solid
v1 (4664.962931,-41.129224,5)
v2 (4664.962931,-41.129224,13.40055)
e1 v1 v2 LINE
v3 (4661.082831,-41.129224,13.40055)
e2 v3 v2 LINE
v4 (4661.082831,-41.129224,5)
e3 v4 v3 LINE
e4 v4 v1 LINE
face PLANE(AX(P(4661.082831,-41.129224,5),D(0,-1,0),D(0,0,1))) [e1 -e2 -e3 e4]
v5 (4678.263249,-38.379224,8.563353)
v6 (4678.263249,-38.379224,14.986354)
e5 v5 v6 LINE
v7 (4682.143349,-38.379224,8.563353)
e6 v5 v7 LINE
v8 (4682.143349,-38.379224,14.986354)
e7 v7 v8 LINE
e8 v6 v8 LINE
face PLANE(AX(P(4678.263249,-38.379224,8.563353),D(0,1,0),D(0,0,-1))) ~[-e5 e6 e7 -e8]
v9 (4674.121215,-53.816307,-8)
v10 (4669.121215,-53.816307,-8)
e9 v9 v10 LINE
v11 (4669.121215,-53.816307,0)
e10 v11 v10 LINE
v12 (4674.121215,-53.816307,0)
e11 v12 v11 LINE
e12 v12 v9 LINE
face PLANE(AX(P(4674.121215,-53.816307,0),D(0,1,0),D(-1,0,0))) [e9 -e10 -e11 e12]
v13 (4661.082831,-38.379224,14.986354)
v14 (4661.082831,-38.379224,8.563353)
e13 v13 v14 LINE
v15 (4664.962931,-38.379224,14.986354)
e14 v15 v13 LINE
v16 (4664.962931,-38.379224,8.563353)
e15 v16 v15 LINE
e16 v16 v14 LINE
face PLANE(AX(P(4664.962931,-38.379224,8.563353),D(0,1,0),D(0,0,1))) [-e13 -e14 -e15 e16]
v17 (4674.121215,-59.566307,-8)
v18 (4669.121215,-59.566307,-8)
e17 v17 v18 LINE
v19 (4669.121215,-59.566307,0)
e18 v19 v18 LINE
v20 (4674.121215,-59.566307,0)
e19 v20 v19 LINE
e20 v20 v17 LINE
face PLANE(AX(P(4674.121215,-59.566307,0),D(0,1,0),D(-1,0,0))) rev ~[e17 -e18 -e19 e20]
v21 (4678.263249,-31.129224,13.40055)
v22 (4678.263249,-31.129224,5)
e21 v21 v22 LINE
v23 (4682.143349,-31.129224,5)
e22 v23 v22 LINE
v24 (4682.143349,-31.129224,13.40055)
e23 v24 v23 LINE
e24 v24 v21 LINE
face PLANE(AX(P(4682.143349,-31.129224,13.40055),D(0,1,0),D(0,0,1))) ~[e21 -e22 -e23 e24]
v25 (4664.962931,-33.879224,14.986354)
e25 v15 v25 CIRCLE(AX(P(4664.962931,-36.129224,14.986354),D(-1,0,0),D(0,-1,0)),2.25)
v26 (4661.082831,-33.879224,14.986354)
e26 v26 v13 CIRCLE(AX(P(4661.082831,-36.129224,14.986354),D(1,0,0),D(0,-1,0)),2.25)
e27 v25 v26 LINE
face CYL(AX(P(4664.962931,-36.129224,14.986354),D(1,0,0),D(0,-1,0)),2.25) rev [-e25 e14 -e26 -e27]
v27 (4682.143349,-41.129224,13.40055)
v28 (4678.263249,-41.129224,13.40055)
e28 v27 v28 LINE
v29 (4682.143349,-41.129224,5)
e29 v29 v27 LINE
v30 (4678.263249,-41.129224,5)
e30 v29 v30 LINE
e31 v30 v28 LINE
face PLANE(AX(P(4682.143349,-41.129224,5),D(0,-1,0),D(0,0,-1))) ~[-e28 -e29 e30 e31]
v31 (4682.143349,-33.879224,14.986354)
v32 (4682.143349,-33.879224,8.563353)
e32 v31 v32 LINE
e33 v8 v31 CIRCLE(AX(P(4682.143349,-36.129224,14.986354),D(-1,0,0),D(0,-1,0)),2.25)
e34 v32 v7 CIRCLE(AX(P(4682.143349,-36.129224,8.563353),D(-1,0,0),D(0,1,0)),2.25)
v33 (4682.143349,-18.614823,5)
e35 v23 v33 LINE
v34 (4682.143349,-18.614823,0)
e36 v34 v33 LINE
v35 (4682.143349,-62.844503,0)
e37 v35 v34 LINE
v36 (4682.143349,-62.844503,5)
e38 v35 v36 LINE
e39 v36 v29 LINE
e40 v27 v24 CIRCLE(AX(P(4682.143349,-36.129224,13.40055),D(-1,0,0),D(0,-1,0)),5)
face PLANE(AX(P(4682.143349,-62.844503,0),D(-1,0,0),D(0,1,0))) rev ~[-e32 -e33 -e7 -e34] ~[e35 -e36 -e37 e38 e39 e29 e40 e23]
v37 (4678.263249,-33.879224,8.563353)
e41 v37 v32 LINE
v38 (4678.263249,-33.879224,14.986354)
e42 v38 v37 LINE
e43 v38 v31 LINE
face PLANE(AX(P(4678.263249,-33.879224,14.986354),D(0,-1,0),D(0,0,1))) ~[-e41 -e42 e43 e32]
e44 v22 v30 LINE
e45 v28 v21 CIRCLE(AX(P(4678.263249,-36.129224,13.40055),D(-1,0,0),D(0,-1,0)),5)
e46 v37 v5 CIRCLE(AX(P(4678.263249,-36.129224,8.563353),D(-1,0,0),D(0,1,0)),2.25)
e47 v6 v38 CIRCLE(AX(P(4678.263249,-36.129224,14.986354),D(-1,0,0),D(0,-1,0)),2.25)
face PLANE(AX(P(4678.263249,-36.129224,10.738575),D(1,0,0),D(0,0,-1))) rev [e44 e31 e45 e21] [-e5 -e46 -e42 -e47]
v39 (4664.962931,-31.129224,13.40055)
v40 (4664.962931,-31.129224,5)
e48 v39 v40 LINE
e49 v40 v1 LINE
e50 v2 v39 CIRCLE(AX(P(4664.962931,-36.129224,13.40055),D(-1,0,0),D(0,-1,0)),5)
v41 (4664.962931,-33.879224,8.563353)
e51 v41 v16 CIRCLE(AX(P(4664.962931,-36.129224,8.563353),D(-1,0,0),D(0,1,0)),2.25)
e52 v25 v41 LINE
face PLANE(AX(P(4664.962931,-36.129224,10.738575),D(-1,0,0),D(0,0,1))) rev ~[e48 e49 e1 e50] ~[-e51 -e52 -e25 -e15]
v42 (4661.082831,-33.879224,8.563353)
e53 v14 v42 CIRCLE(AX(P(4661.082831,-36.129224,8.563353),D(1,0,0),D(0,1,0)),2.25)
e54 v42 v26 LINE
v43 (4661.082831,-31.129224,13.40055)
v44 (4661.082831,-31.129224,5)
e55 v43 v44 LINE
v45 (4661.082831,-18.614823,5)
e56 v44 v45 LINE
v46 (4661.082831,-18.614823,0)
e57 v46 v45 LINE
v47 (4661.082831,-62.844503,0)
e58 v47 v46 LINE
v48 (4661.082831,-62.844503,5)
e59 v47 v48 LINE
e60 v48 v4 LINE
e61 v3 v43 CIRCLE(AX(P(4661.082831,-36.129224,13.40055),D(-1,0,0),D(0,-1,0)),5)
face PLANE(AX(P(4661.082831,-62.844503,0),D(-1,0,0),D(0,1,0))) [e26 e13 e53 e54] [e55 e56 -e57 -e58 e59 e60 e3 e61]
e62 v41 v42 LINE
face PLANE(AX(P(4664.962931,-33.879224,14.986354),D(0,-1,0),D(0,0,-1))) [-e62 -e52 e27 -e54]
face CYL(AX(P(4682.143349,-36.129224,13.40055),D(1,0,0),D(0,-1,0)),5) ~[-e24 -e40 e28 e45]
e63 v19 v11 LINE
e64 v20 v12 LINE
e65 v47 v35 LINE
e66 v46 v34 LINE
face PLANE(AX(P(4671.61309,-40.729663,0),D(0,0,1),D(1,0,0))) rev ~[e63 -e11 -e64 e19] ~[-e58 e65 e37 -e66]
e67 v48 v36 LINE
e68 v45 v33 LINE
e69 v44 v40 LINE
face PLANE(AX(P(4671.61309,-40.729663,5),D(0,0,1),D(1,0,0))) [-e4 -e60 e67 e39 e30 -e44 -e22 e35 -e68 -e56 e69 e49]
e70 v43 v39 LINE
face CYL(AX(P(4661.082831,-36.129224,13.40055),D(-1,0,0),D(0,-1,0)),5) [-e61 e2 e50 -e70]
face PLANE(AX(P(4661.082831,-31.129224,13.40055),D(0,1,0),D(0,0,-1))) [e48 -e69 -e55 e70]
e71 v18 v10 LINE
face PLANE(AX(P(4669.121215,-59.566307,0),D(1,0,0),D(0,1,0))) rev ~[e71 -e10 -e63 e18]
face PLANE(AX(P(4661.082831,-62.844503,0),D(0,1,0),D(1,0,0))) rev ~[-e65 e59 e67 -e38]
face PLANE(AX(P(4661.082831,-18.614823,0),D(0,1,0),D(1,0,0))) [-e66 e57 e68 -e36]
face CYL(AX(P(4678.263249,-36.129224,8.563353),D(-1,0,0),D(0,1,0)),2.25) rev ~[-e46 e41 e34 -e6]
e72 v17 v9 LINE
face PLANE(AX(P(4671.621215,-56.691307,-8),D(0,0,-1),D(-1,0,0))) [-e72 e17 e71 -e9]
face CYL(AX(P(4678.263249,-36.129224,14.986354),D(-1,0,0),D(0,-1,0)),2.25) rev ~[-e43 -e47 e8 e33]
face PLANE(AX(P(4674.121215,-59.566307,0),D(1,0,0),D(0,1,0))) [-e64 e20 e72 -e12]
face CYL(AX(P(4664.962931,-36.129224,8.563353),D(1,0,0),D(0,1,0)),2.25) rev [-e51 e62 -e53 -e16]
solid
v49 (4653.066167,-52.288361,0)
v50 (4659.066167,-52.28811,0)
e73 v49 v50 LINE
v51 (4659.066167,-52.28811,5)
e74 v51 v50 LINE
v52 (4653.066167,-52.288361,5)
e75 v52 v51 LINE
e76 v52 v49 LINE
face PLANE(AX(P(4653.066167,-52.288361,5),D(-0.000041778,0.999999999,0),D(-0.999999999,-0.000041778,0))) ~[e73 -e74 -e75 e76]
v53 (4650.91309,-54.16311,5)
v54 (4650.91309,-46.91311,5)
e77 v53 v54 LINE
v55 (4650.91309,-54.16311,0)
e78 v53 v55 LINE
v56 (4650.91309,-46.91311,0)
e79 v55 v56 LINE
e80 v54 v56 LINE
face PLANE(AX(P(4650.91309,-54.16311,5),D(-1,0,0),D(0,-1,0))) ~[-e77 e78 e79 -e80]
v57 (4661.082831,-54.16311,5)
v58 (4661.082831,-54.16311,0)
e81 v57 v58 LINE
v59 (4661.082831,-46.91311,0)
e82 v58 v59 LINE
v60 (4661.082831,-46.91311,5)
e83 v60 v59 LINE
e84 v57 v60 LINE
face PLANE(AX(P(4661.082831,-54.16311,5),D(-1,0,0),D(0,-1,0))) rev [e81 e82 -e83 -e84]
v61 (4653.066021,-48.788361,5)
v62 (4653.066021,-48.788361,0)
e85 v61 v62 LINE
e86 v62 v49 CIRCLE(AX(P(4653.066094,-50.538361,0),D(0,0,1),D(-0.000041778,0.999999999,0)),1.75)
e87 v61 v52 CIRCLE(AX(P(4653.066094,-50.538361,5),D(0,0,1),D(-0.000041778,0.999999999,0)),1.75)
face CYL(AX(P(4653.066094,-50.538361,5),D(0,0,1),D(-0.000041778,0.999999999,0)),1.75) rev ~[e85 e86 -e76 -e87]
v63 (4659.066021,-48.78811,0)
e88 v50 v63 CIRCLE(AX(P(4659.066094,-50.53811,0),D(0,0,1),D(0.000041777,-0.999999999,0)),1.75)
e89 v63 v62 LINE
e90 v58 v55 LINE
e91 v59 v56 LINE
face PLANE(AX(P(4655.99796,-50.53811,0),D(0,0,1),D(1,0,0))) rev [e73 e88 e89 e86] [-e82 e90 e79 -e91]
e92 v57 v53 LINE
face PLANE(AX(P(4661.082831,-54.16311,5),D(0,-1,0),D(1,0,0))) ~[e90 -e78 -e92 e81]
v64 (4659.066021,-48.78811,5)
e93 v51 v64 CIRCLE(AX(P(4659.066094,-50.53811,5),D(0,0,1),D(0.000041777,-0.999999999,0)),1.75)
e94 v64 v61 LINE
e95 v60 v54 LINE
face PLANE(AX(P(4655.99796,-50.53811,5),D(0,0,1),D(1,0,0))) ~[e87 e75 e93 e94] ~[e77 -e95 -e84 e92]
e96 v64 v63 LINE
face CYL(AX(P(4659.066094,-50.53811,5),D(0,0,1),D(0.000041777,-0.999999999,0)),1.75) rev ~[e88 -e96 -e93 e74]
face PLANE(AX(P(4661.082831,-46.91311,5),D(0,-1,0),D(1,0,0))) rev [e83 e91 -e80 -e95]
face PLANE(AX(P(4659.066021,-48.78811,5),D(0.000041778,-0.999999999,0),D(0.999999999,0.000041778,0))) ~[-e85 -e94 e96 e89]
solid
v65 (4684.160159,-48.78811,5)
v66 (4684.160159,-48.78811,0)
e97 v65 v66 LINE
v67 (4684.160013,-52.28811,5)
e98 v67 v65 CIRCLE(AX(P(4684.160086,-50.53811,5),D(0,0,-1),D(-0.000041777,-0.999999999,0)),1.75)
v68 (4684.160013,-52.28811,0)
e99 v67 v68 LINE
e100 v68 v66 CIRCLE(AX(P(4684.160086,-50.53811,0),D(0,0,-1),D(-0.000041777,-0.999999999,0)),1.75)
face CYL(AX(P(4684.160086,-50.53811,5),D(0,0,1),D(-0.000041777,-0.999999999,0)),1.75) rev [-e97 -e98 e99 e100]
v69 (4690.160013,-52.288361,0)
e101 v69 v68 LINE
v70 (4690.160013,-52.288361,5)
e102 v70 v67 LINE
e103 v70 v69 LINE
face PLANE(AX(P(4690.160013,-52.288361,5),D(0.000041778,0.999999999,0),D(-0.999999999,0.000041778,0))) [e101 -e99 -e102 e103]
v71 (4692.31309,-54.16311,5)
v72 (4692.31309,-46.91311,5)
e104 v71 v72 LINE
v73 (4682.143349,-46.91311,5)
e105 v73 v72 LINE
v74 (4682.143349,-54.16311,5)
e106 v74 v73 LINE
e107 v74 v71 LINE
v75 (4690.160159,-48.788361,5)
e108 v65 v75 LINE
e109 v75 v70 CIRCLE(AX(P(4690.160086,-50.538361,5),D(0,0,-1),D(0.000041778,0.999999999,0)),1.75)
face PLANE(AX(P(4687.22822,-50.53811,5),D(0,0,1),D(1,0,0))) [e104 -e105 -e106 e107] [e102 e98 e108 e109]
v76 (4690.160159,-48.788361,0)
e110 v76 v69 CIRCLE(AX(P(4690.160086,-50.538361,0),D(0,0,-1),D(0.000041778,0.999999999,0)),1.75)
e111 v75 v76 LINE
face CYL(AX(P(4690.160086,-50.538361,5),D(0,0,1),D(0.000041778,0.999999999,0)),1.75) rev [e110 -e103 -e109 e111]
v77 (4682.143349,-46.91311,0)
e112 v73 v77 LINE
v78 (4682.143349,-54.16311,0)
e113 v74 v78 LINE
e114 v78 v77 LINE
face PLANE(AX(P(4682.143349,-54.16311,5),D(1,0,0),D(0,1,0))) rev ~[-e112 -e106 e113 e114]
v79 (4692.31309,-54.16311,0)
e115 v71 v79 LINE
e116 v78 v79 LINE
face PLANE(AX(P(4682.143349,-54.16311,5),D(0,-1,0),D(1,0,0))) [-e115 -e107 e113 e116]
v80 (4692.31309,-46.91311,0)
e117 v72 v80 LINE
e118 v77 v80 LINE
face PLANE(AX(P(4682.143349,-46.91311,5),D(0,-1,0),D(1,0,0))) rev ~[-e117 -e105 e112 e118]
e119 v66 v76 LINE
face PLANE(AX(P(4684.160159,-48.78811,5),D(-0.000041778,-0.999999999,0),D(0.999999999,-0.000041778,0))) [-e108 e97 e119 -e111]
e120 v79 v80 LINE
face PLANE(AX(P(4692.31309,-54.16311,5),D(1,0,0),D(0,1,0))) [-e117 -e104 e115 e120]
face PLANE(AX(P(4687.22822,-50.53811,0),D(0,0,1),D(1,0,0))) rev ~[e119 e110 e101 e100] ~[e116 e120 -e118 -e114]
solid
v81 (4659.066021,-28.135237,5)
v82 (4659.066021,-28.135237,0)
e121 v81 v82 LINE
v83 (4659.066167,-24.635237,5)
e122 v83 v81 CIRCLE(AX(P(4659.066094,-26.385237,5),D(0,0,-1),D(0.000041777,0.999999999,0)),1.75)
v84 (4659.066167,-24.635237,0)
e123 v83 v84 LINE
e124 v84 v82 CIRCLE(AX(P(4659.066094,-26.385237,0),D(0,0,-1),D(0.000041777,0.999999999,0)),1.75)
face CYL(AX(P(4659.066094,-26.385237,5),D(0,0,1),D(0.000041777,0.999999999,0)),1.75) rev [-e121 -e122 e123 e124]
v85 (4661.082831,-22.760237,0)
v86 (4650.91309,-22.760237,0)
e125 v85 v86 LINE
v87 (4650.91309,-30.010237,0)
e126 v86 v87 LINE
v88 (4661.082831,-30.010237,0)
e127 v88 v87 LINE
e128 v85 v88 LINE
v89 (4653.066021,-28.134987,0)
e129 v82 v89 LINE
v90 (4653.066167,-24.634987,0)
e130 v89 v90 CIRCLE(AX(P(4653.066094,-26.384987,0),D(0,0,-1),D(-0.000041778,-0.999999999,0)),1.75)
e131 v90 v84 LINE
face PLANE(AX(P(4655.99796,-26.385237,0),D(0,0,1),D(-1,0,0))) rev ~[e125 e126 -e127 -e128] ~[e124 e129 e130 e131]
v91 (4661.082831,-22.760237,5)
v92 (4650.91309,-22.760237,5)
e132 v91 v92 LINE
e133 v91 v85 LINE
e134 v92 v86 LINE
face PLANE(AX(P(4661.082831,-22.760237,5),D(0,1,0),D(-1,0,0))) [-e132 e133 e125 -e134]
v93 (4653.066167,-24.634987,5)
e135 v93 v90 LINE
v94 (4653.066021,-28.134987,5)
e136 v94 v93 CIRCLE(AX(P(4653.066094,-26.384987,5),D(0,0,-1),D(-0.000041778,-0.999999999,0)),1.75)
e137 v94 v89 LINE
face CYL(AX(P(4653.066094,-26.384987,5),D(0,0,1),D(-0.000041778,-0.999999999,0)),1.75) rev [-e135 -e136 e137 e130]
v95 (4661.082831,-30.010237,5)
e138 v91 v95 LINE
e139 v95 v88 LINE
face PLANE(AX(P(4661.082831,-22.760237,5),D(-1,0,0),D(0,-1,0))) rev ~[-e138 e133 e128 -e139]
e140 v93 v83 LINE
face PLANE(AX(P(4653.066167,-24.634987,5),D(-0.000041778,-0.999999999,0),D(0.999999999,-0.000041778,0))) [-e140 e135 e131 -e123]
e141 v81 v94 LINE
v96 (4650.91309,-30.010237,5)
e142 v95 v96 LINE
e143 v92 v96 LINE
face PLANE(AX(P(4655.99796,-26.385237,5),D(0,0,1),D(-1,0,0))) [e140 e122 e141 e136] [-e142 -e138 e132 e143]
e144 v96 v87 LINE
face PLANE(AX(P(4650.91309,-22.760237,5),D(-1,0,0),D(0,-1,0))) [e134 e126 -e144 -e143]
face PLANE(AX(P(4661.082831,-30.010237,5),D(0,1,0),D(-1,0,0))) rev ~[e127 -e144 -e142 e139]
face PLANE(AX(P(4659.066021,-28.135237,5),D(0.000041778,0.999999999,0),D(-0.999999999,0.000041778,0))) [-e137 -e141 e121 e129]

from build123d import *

# Parameters (mm, degrees)
SKETCH1_W           = 21.060518524
SKETCH1_H           = 44.229680595
BOSS_EXTRUDE1_DEPTH = 5
SKETCH2_W           = 5
SKETCH2_H           = 5.75
BOSS_EXTRUDE2_DEPTH = 8
BOSS_EXTRUDE3_DEPTH = 3.8801
CUT_EXTRUDE1_DEPTH  = 8
SKETCH6_W           = 10.169740738
SKETCH6_H           = 7.25
BOSS_EXTRUDE4_DEPTH = 5
SKETCH11_W          = 10.169740738
SKETCH11_H          = 7.25
CUT_EXTRUDE2_DEPTH  = 5


with BuildPart() as part:
    # Sketch1 → Boss-Extrude1 (new body)
    with BuildSketch(Plane.XY):
        with Locations((4671.613089989, -40.729662913)):
            Rectangle(SKETCH1_W, SKETCH1_H)
    extrude(amount=BOSS_EXTRUDE1_DEPTH)

    # Sketch2 → Boss-Extrude2 (add)
    with BuildSketch(Plane(origin=(0, 0, 0), x_dir=(-1, 0, 0), z_dir=(0, 0, -1))):
        with Locations((-4671.621214697, -56.691306655)):
            Rectangle(SKETCH2_W, SKETCH2_H)
    extrude(amount=BOSS_EXTRUDE2_DEPTH)

    # Sketch4 → Boss-Extrude3 (add)
    with BuildSketch(Plane.ZY.offset(-4661.082830727)):
        with BuildLine():
            Line((13.400549781, -31.129223835), (5, -31.129223835))
            Line((5, -31.129223835), (5, -41.129223835))
            Line((5, -41.129223835), (13.400549781, -41.129223835))
            ThreePointArc((13.400549781, -41.129223835), (18.400549781, -36.129223835), (13.400549781, -31.129223835))
        make_face()
    boss_extrude3 = extrude(amount=-BOSS_EXTRUDE3_DEPTH)

    # Sketch5 → Cut-Extrude1 (cut)
    with BuildSketch(Plane(origin=(4664.962930727, 0, 0), x_dir=(0, 0, -1), z_dir=(1, 0, 0))):
        with BuildLine():
            Line((-14.986353963, -33.879223835), (-8.563353453, -33.879223835))
            ThreePointArc((-8.563353453, -33.879223835), (-6.313353453, -36.129223835), (-8.563353453, -38.379223835))
            Line((-8.563353453, -38.379223835), (-14.986353963, -38.379223835))
            ThreePointArc((-14.986353963, -38.379223835), (-17.236353963, -36.129223835), (-14.986353963, -33.879223835))
        make_face()
    cut_extrude1 = extrude(amount=-CUT_EXTRUDE1_DEPTH, mode=Mode.SUBTRACT)

    # Mirror2: Boss-Extrude3, Cut-Extrude1 across plane
    add(boss_extrude3.mirror(Plane.ZY.offset(-4671.613089989)))
    add(cut_extrude1.mirror(Plane.ZY.offset(-4671.613089989)), mode=Mode.SUBTRACT)


with BuildPart() as body_2:
    # Sketch6 → Boss-Extrude4 (new body)
    with BuildSketch(Plane.XY.offset(5)):
        with Locations((4687.22821962, -50.538110101)):
            Rectangle(SKETCH6_W, SKETCH6_H)
        with BuildLine():
            Line((4690.160013161, -52.288360766), (4684.160013167, -52.288110099))
            ThreePointArc((4684.160013167, -52.288110099), (4682.410086279, -50.53803699), (4684.160159389, -48.788110102))
            Line((4684.160159389, -48.788110102), (4690.160159384, -48.788360769))
            ThreePointArc((4690.160159384, -48.788360769), (4691.910086271, -50.538433879), (4690.160013161, -52.288360766))
        make_face(mode=Mode.SUBTRACT)
    extrude(amount=-BOSS_EXTRUDE4_DEPTH)


with BuildPart() as body_3:
    # Mirror3: mirrored copy
    add(body_2.part.mirror(Plane.ZY.offset(-4671.613089989)))


with BuildPart() as body_4:
    # Mirror4: mirrored copy
    add(body_3.part.mirror(Plane(origin=(0, -38.461673776, 0), x_dir=(0, 0, 1), z_dir=(0, -1, 0))))


with BuildPart() as body_5:
    # Mirror4 2: mirrored copy
    add(body_2.part.mirror(Plane(origin=(0, -38.461673776, 0), x_dir=(0, 0, 1), z_dir=(0, -1, 0))))

    # Sketch11 → Cut-Extrude2 (cut)
    with BuildSketch(Plane.XY.offset(5)):
        with Locations((4687.22821962, -26.385237452)):
            Rectangle(SKETCH11_W, SKETCH11_H)
    extrude(amount=-CUT_EXTRUDE2_DEPTH, mode=Mode.SUBTRACT)


solid = Compound([part.part, body_2.part, body_3.part, body_4.part])
